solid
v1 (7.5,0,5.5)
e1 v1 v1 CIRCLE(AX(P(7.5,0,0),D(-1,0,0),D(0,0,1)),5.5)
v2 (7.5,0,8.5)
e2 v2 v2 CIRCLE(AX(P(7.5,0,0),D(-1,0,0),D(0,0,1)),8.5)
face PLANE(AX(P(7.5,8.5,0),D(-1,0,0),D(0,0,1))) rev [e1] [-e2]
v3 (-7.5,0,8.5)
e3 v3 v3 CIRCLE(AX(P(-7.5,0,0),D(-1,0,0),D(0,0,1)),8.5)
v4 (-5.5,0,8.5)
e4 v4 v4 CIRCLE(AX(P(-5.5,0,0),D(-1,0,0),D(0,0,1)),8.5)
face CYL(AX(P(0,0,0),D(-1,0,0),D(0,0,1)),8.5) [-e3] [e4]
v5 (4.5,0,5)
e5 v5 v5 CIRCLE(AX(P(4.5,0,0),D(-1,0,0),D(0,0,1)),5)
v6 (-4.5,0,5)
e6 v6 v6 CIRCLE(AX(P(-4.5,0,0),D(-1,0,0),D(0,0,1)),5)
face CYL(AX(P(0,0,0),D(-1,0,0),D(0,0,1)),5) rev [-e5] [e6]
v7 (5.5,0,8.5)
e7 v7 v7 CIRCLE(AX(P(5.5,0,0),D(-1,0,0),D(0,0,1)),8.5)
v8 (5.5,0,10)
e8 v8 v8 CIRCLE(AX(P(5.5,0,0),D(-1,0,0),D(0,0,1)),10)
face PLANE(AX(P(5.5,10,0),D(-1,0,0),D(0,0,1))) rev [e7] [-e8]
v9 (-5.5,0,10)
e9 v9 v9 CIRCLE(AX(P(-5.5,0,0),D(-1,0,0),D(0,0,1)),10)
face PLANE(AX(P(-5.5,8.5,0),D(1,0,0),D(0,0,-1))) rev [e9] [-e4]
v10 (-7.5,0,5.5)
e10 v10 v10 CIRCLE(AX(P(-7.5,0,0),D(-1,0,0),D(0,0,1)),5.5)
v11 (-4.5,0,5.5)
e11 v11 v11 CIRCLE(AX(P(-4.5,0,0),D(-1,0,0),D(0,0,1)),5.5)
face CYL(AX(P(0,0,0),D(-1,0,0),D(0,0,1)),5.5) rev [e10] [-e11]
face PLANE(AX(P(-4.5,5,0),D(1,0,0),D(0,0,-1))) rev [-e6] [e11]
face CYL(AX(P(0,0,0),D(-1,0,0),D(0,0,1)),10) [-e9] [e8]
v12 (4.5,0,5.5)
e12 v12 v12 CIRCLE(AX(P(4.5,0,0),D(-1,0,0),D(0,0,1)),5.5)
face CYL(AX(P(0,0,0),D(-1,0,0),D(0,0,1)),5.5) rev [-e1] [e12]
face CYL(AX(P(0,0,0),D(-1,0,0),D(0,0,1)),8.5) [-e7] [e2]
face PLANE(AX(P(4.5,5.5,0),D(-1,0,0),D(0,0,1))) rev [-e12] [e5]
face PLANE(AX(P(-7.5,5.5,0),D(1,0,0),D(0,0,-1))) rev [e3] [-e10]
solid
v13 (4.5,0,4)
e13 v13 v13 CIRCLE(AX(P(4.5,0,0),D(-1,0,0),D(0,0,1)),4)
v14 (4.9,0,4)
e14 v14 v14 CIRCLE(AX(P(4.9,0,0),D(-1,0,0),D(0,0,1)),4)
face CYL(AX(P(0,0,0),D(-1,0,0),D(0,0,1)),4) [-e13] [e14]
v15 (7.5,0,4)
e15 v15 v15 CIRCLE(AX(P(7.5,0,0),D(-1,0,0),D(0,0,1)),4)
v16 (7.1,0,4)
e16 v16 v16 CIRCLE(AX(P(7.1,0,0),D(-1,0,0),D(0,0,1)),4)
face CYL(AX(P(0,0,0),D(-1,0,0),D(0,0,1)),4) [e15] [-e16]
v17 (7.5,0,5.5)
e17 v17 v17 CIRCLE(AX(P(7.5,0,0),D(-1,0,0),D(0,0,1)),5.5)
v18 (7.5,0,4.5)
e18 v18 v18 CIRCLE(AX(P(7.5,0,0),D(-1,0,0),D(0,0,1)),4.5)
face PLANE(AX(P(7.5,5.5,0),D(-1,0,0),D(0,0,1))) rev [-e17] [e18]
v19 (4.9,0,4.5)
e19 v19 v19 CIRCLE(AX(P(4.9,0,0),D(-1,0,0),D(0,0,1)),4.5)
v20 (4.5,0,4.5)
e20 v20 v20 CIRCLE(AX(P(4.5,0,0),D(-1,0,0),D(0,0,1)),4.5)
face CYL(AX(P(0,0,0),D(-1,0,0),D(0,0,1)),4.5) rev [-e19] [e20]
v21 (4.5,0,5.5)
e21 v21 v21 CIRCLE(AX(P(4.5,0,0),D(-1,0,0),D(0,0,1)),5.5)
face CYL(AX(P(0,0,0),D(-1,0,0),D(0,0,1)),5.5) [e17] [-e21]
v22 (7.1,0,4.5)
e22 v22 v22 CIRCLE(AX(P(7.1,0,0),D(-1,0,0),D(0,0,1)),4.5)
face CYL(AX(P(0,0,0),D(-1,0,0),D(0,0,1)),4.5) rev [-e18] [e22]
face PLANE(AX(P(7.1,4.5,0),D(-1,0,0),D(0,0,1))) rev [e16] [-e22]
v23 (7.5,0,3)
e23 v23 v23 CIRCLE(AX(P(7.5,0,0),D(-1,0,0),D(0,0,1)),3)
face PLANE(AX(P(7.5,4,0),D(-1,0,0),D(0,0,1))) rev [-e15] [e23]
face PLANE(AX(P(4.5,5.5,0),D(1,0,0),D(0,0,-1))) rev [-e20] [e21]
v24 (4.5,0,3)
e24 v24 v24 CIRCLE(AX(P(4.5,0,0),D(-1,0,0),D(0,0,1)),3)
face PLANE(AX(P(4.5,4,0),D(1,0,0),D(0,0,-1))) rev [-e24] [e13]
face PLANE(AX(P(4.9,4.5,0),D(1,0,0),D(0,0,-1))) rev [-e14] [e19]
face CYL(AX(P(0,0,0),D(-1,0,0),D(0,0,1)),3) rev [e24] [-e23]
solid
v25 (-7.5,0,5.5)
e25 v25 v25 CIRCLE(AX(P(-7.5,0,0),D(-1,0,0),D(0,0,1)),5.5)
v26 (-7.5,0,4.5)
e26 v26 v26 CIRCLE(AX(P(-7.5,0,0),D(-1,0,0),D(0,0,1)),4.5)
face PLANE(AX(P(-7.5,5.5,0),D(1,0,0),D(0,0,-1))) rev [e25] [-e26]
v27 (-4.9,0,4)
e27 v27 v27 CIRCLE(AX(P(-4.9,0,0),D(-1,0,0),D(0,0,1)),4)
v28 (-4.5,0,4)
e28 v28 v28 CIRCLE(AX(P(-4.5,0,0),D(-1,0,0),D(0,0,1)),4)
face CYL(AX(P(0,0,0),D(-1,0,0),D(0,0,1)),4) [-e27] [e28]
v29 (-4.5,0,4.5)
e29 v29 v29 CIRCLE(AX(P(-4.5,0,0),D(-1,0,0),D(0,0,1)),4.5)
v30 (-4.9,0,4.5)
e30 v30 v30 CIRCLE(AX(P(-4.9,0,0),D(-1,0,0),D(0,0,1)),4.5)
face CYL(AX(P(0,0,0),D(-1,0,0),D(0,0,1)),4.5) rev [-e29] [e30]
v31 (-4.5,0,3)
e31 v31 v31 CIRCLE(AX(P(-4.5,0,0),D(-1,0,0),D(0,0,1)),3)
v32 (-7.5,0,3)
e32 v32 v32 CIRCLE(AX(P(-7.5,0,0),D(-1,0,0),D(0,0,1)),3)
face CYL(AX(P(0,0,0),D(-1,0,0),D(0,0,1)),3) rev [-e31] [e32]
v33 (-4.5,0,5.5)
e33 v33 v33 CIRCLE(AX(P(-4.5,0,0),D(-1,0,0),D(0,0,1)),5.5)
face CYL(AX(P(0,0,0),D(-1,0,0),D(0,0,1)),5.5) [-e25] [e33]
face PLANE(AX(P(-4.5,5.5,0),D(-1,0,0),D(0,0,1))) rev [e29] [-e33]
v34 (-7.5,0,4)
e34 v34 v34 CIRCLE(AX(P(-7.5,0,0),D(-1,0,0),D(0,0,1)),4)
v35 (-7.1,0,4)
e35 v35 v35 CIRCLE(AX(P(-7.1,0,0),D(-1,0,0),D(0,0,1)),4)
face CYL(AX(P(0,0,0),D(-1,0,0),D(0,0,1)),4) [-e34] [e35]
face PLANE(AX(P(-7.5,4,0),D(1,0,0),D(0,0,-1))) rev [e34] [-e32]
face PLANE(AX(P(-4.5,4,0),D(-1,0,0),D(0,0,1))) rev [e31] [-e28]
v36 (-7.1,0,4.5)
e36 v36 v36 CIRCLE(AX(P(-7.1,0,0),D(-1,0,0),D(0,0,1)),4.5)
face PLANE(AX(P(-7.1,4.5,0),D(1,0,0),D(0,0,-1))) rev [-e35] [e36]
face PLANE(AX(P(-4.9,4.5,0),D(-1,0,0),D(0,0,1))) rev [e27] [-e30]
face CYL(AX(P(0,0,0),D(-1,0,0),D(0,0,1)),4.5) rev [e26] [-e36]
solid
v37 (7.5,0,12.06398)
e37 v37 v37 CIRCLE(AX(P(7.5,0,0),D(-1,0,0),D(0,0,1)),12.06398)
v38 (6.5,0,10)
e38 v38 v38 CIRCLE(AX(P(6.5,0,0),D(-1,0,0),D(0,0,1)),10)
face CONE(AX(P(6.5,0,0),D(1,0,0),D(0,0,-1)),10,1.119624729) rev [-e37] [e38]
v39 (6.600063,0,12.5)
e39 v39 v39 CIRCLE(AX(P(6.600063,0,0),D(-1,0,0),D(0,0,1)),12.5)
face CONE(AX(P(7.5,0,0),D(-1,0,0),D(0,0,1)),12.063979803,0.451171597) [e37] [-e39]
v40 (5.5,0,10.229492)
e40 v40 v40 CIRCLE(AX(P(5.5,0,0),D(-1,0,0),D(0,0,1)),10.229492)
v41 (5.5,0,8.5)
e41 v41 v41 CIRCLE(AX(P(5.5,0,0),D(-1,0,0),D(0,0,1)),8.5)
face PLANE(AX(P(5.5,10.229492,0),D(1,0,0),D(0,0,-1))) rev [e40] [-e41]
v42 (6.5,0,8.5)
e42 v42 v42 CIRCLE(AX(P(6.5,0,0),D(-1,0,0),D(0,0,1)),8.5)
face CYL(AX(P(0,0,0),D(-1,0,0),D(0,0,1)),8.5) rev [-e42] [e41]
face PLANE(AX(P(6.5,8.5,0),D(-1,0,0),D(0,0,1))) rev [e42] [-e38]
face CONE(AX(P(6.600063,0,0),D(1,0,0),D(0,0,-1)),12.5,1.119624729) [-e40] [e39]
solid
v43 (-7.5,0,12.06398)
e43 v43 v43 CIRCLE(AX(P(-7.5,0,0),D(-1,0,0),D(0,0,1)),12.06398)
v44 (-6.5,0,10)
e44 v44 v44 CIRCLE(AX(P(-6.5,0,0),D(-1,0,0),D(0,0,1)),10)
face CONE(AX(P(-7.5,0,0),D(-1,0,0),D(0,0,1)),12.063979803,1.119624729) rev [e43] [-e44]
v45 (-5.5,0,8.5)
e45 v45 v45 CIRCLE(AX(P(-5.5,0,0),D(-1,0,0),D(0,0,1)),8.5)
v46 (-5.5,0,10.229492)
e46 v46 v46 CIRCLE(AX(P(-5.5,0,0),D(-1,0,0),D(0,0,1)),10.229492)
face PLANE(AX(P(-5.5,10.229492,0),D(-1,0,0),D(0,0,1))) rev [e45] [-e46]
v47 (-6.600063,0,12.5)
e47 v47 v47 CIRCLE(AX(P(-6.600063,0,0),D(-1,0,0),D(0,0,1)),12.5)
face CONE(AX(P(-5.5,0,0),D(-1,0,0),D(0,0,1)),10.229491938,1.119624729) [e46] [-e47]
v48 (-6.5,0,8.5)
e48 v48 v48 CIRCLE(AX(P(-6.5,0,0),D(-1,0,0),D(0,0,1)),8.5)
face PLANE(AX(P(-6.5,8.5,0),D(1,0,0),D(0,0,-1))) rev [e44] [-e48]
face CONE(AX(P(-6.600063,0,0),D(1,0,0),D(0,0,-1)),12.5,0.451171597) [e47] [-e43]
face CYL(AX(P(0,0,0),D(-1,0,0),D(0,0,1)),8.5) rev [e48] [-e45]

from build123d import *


with BuildPart() as part:
    # Sketch1 → Revolve1 (revolve)
    with BuildSketch(Plane.XY):
        Polygon((-5.5, 10), (5.5, 10), (5.5, 8.5), (7.5, 8.5), (7.5, 5.5), (4.5, 5.5), (4.5, 5), (-4.5, 5), (-4.5, 5.5), (-7.5, 5.5), (-7.5, 8.5), (-5.5, 8.5), align=None)
    revolve(axis=Axis((0, 0, 0), (1, 0, 0)))


with BuildPart() as body_2:
    # Sketch2 → Revolve2 (revolve)
    with BuildSketch(Plane.XY):
        Polygon((5.5, 10.229491938), (5.5, 8.5), (6.5, 8.5), (6.5, 10), (7.5, 12.063979803), (6.60006312, 12.5), align=None)
        Polygon((-6.5, 8.5), (-6.5, 10), (-7.5, 12.063979803), (-6.60006312, 12.5), (-5.5, 10.229491938), (-5.5, 8.5), align=None)
    revolve(axis=Axis((0, 0, 0), (1, 0, 0)))


with BuildPart() as body_3:
    # Sketch3 → Revolve3 (revolve)
    with BuildSketch(Plane.XY):
        Polygon((4.5, 5.5), (7.5, 5.5), (7.5, 4.5), (7.1, 4.5), (7.1, 4), (7.5, 4), (7.5, 3), (4.5, 3), (4.5, 4), (4.9, 4), (4.9, 4.5), (4.5, 4.5), align=None)
        Polygon((-4.5, 4.5), (-4.9, 4.5), (-4.9, 4), (-4.5, 4), (-4.5, 3), (-7.5, 3), (-7.5, 4), (-7.1, 4), (-7.1, 4.5), (-7.5, 4.5), (-7.5, 5.5), (-4.5, 5.5), align=None)
    revolve(axis=Axis((0, 0, 0), (1, 0, 0)))


solid = Compound([part.part, body_2.part, body_3.part])
